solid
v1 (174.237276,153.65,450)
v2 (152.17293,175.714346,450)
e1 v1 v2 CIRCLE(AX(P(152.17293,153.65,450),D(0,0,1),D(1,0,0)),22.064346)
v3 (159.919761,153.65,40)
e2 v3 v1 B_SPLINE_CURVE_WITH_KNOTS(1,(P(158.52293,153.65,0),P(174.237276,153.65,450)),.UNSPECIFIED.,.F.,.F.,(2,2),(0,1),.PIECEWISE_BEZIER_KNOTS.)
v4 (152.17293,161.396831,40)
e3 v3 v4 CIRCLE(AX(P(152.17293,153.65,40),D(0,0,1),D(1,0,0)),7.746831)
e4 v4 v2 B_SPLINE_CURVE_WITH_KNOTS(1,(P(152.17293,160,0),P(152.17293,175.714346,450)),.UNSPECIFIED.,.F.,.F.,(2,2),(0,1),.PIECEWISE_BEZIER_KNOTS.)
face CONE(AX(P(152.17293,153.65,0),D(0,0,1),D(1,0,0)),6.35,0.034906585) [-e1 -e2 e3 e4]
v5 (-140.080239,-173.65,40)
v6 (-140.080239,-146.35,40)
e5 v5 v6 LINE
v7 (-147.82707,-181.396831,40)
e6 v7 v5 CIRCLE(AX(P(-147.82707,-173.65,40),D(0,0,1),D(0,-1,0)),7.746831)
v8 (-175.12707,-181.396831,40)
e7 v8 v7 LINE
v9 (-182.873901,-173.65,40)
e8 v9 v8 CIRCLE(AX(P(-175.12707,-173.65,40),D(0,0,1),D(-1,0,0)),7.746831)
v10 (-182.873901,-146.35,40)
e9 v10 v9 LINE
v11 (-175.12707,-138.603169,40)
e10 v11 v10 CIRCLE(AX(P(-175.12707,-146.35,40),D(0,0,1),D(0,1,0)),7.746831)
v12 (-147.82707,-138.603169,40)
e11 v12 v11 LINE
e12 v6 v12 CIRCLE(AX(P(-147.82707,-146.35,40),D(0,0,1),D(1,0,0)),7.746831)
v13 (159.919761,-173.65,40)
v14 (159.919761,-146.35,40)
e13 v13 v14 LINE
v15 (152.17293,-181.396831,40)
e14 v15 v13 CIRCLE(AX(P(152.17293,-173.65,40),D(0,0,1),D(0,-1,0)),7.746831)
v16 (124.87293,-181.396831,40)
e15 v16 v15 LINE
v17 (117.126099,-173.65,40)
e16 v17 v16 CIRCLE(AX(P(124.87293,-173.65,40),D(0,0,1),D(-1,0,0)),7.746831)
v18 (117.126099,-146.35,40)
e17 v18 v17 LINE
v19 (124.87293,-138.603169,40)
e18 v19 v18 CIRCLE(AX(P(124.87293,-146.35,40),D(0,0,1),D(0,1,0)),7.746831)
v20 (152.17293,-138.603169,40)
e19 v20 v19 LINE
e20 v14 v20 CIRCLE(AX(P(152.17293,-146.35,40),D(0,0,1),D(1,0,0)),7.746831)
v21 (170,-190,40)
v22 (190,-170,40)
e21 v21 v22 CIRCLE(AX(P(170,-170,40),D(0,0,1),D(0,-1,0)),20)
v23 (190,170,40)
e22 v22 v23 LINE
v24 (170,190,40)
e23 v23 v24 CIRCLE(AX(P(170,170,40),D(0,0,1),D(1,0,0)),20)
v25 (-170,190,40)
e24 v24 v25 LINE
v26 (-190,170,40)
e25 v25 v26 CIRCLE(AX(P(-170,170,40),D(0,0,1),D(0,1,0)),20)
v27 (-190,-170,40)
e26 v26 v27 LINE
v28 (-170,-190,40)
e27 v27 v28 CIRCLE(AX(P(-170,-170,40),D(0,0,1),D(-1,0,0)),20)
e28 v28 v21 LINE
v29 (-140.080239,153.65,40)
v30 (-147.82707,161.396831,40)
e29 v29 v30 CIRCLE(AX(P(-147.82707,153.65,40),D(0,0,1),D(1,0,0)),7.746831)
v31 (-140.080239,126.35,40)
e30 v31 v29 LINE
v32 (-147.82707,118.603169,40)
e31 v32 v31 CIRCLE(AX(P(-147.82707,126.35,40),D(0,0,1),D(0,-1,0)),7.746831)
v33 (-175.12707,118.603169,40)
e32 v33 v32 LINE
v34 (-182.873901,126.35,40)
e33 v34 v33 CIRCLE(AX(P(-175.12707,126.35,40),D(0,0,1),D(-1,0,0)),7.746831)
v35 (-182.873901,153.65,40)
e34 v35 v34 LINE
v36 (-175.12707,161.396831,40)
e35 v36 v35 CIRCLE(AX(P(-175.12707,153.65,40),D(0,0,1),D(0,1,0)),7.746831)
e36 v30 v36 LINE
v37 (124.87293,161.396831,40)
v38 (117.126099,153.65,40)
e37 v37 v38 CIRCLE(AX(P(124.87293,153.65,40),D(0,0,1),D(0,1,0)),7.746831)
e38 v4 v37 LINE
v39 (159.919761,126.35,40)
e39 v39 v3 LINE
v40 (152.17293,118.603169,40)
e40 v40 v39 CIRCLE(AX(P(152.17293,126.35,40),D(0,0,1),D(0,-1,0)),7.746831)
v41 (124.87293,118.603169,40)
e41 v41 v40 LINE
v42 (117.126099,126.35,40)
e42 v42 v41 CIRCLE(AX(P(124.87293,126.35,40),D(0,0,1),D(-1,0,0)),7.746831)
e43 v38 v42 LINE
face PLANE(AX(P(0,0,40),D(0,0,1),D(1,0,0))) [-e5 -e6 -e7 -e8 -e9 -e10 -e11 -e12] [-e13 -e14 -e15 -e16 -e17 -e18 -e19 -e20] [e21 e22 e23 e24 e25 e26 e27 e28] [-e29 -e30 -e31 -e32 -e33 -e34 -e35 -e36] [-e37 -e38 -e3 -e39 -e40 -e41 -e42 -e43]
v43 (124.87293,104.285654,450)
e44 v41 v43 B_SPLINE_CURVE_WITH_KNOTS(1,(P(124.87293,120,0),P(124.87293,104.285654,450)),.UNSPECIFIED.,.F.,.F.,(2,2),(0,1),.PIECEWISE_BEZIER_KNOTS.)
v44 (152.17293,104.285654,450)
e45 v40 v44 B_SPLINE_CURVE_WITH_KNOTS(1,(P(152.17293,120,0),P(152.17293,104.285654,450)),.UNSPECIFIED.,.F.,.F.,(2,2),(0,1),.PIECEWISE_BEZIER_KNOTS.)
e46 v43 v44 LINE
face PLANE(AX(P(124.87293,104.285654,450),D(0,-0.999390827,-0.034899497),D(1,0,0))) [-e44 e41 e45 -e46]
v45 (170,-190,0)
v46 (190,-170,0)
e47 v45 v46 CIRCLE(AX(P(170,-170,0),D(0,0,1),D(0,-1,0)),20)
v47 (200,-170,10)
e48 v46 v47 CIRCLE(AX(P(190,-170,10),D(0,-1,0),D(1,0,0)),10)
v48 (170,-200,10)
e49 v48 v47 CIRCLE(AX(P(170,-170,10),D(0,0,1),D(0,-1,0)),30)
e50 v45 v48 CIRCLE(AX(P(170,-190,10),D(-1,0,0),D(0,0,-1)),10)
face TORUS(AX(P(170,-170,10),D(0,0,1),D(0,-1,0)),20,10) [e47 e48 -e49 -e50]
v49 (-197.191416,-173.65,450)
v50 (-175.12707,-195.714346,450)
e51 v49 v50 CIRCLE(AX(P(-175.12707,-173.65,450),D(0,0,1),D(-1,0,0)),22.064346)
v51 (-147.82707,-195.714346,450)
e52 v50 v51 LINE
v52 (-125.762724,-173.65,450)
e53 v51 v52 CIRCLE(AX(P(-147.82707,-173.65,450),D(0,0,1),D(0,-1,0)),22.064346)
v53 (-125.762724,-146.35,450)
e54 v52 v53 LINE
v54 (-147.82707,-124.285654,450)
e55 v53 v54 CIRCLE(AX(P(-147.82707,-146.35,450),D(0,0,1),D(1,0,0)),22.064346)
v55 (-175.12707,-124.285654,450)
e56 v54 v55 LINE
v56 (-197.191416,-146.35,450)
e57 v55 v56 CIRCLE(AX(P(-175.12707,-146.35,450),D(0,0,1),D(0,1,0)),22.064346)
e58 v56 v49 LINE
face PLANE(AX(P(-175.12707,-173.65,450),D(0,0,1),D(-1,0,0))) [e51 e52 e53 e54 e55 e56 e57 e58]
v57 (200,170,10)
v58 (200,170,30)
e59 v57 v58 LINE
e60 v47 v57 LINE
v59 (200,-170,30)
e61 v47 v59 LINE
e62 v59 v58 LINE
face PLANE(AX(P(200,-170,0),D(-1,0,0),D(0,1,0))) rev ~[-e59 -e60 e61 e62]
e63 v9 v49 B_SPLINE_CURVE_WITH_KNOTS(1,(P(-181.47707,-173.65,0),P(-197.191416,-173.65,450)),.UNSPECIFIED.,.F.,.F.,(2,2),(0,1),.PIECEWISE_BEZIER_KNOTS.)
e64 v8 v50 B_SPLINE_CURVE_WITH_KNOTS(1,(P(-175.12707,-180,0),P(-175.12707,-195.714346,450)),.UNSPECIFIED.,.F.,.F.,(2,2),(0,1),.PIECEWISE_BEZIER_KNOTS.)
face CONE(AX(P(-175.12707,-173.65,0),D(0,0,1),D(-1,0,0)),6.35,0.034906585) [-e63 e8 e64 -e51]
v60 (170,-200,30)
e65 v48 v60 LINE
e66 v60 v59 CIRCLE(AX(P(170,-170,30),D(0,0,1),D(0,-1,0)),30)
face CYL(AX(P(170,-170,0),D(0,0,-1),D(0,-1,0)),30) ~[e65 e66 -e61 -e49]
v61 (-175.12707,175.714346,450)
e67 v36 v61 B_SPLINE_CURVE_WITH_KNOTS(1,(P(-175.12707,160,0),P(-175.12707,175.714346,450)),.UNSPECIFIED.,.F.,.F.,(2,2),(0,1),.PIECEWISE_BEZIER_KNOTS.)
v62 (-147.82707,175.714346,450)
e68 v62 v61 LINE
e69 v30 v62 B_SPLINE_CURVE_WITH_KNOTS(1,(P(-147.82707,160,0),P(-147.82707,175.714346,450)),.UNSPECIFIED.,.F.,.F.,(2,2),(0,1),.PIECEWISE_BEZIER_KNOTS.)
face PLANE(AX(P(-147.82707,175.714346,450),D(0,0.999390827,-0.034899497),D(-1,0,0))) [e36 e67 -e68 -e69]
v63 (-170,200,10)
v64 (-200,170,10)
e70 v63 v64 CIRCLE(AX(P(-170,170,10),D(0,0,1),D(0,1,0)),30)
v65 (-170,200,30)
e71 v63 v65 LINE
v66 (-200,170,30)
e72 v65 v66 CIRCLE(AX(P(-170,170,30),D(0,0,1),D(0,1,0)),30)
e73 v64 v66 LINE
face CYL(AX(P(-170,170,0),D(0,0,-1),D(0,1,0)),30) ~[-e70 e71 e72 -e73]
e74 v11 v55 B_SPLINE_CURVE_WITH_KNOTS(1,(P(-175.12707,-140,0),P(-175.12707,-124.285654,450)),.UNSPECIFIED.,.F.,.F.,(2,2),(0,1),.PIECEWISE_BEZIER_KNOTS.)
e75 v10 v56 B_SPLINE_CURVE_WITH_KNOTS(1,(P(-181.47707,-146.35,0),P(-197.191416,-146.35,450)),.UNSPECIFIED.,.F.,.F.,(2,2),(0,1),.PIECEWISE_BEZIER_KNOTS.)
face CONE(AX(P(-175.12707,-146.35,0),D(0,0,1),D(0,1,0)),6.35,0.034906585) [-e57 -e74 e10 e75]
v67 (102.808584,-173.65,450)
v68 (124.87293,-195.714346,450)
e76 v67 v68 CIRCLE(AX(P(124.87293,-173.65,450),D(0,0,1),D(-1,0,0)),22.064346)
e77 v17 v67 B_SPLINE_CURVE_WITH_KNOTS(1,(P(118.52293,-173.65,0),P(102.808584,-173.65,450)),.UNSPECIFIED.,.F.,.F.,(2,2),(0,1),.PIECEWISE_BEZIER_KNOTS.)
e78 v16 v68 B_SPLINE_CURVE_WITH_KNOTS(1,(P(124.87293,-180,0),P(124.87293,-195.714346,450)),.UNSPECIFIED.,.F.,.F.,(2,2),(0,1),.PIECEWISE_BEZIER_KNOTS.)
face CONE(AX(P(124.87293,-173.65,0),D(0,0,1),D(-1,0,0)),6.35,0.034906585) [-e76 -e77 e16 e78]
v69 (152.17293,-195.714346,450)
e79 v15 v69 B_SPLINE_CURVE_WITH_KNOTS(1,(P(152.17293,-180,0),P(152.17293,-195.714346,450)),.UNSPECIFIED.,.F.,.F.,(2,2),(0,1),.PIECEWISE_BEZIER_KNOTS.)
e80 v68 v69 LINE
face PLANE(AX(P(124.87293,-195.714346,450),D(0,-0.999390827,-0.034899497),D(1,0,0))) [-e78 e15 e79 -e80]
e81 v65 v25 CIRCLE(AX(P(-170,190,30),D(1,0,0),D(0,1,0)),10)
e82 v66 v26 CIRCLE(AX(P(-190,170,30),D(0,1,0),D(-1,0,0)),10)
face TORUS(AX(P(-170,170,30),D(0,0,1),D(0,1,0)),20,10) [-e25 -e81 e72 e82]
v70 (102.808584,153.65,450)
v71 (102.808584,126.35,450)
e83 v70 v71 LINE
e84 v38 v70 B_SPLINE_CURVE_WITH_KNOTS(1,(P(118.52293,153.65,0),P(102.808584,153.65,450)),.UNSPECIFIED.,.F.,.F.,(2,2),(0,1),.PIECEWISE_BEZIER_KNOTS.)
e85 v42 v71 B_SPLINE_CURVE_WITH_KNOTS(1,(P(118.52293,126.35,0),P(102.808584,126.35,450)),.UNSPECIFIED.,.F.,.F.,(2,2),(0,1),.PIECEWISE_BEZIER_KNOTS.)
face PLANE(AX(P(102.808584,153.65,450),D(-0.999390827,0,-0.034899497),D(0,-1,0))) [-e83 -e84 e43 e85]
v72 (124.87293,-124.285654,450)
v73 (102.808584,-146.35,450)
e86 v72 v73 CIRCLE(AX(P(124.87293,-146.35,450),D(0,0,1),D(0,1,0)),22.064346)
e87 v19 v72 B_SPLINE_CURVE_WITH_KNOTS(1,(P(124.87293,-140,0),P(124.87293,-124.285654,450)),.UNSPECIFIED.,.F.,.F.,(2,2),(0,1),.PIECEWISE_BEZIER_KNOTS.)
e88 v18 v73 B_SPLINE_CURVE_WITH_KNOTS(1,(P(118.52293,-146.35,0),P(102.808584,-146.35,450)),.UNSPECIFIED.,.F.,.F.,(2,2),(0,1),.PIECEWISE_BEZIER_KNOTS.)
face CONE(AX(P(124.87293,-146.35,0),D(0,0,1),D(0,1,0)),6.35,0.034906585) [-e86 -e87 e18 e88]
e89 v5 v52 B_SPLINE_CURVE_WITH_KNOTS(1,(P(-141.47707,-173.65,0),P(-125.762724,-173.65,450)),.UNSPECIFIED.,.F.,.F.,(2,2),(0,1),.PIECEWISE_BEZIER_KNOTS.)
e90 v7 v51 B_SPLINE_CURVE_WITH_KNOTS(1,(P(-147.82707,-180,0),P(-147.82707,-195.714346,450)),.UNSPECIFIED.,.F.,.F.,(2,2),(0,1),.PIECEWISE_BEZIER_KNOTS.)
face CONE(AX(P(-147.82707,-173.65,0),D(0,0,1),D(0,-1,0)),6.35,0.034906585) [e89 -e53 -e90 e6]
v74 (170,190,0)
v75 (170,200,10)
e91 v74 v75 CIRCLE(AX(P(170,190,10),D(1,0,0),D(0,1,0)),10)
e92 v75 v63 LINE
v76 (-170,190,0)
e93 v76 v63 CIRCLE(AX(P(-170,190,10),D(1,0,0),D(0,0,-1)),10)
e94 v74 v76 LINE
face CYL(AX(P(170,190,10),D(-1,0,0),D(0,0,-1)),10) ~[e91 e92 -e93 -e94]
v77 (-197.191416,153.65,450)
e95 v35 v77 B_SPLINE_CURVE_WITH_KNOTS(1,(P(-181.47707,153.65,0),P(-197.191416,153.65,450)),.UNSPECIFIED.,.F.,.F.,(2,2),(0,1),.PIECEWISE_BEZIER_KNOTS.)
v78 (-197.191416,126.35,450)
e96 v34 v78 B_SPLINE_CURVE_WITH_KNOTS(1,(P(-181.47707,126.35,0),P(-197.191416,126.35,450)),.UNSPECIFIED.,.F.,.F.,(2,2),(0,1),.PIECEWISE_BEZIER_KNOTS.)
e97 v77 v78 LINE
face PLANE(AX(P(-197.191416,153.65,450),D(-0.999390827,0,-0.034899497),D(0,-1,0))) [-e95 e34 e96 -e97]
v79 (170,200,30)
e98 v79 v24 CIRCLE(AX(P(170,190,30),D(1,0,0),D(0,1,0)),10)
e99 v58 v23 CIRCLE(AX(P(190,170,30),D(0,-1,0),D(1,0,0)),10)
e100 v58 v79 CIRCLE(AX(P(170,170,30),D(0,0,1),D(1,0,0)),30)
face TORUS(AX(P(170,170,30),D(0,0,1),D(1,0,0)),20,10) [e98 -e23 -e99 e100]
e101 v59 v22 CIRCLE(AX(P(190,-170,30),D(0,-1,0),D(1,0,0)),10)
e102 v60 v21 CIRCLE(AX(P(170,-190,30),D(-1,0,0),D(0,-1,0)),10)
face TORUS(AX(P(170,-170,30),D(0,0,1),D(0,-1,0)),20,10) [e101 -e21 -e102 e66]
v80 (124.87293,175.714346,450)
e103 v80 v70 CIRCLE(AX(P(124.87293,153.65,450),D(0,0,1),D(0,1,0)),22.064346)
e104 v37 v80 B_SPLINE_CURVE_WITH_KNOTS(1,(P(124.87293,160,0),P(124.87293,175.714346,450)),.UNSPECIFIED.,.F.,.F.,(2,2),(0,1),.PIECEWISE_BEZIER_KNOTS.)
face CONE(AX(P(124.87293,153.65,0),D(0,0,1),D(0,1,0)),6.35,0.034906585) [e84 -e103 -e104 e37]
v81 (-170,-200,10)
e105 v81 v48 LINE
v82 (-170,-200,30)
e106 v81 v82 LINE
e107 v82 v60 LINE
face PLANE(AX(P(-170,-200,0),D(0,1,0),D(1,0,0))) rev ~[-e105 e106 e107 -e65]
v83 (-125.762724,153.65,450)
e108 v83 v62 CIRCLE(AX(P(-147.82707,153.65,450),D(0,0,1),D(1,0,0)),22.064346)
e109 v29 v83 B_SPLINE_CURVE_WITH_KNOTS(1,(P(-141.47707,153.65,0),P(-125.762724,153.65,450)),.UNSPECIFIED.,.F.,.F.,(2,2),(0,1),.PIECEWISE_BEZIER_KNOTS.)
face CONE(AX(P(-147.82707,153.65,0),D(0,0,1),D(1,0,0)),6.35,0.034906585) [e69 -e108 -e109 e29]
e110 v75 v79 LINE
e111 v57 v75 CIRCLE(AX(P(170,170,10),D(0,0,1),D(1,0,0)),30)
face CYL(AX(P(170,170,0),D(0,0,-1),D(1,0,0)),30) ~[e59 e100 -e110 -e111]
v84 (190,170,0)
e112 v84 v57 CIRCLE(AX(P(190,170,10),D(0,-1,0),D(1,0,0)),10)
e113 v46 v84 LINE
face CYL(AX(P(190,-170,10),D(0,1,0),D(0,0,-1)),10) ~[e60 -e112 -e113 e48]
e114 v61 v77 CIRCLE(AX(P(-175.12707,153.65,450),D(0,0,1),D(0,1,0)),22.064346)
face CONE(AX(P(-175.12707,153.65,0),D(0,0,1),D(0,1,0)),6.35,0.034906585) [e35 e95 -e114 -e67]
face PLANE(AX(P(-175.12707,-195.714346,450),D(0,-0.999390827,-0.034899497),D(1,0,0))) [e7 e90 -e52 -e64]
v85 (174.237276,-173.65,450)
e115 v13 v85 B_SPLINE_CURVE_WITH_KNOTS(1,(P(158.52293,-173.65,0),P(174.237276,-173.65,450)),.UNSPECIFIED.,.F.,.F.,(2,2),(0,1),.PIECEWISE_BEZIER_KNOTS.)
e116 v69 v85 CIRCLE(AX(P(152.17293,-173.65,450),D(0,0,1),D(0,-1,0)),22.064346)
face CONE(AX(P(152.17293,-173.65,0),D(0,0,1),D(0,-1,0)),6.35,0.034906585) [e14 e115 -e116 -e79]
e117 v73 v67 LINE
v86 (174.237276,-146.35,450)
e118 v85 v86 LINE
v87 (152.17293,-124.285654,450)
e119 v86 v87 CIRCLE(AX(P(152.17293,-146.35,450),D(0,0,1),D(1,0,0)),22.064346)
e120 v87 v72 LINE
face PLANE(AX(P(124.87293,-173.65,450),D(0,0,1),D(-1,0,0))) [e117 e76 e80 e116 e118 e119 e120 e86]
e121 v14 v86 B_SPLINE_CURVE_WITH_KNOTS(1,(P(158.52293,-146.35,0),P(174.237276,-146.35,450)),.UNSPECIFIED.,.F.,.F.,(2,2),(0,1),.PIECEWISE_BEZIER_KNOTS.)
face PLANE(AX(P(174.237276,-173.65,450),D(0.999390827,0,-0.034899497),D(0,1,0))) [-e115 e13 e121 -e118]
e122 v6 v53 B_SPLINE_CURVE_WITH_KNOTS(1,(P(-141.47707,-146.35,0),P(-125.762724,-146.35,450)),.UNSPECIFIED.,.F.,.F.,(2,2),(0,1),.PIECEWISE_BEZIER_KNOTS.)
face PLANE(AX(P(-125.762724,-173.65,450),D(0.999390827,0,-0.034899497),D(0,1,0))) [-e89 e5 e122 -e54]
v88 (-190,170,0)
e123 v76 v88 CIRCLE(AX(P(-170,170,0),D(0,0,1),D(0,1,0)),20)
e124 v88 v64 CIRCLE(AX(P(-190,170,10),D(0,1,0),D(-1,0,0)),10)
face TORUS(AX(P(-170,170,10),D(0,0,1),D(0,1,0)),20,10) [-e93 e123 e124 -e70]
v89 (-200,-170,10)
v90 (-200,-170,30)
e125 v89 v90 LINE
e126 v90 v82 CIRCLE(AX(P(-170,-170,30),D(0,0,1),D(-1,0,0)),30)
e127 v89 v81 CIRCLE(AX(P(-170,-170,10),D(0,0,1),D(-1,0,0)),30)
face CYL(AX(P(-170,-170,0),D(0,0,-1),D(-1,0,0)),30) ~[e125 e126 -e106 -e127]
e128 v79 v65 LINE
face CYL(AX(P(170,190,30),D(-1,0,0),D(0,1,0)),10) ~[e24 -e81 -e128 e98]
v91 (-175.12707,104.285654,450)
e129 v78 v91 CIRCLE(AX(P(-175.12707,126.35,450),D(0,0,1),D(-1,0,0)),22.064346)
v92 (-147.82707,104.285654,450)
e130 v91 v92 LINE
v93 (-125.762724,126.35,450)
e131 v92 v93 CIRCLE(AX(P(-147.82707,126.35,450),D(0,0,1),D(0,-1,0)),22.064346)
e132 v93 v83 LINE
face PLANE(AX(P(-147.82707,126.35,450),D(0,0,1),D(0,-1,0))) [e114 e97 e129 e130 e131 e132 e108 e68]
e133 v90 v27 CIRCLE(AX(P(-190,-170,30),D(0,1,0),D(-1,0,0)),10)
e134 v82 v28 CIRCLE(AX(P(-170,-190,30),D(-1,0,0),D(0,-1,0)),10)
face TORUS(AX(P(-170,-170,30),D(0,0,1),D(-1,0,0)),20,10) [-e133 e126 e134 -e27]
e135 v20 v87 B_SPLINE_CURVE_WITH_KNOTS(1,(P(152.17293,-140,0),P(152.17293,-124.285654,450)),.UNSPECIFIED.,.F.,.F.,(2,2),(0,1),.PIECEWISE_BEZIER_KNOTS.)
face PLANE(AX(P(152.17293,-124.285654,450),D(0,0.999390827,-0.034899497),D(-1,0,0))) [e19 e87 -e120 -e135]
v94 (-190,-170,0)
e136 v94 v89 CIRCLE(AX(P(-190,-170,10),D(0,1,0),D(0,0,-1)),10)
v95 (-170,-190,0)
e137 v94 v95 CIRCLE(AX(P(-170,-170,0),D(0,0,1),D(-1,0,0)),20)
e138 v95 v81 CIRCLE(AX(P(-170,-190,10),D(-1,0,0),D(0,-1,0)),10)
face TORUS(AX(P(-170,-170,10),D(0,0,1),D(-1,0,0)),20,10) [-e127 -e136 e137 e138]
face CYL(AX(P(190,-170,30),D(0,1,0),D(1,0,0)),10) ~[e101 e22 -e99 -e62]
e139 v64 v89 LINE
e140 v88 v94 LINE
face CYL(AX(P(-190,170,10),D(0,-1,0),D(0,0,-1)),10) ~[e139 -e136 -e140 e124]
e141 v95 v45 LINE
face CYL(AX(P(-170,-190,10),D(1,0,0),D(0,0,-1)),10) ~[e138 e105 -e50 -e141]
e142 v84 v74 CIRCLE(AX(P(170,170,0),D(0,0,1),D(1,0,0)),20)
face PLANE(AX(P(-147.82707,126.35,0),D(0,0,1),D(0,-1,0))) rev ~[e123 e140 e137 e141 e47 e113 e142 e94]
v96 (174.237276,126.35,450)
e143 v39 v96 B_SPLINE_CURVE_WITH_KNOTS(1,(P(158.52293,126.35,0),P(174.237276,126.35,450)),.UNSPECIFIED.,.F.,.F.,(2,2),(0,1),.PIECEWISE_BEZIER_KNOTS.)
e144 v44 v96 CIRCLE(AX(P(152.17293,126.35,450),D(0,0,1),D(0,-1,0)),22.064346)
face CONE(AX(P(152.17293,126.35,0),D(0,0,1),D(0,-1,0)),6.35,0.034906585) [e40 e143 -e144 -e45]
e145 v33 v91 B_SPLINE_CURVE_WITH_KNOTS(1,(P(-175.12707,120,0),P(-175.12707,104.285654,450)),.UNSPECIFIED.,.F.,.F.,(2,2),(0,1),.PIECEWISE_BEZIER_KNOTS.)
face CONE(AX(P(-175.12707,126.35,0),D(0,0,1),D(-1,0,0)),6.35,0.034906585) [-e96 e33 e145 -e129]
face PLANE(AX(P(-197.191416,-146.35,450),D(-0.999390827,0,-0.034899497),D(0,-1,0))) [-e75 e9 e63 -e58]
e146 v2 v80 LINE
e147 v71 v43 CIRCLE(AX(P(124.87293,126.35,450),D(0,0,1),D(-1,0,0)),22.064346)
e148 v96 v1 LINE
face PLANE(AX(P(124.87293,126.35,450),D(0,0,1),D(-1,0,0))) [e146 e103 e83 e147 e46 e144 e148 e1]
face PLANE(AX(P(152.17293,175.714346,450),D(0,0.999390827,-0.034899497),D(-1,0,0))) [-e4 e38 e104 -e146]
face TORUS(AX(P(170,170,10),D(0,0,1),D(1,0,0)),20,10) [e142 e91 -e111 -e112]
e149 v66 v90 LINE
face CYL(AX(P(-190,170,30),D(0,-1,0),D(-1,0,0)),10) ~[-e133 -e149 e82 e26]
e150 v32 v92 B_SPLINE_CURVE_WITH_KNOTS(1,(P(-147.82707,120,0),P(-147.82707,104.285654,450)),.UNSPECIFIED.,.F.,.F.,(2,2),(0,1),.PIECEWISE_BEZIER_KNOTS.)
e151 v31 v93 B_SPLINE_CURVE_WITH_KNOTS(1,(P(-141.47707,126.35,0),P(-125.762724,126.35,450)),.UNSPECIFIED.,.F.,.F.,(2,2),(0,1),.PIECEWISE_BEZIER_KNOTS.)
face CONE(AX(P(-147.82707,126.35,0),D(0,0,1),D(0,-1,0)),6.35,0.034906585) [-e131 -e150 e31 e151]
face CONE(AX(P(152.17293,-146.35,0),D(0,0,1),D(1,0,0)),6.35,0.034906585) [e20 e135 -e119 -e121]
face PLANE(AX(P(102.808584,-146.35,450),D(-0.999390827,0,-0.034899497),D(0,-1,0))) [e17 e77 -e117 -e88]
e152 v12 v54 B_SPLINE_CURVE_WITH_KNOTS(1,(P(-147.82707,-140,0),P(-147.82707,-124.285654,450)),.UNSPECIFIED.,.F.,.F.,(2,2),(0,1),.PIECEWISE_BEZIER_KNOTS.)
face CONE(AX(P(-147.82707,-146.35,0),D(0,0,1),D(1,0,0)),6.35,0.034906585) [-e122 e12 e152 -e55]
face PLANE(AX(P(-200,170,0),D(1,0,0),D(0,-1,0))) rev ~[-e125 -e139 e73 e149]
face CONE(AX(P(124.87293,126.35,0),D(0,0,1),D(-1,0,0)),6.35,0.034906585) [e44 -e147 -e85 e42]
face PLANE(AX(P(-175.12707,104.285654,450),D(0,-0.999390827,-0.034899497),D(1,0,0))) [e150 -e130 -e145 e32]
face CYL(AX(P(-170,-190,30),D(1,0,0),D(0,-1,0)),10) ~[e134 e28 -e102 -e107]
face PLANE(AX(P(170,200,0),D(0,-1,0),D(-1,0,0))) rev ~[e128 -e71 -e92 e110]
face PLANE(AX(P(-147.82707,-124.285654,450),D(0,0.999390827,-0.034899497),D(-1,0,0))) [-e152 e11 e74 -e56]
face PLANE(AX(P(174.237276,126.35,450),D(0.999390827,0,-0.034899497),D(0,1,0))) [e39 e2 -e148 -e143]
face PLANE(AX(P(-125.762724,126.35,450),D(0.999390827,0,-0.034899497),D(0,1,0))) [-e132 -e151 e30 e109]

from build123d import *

# Parameters (mm, degrees)
F2_DEPTH = 40
F3_DEPTH = 450
F3_TAPER = -2
F4_R     = 10


with BuildPart() as f2:
    # F0 (on Top) → F2 (new body)
    with BuildSketch(Plane.XY):
        with BuildLine():
            ThreePointArc((200, 170), (191.2132034356, 191.2132034356), (170, 200))
            Line((170, 200), (-170, 200))
            ThreePointArc((-170, 200), (-191.2132034356, 191.2132034356), (-200, 170))
            Line((-200, 170), (-200, -170))
            ThreePointArc((-200, -170), (-191.2132034356, -191.2132034356), (-170, -200))
            Line((-170, -200), (170, -200))
            ThreePointArc((170, -200), (191.2132034356, -191.2132034356), (200, -170))
            Line((200, -170), (200, 170))
        make_face()
    extrude(amount=F2_DEPTH)

    # F1 (on face) → F3 (join)
    with BuildSketch(Plane.XY):
        with BuildLine():
            Line((-175.1270698547, 120), (-147.8270698547, 120))
            ThreePointArc((-147.8270698547, 120), (-143.3369417942, 121.8598719395), (-141.4770698547, 126.35))
            Line((-141.4770698547, 126.35), (-141.4770698547, 153.65))
            ThreePointArc((-141.4770698547, 153.65), (-143.3369417942, 158.1401280605), (-147.8270698547, 160))
            Line((-147.8270698547, 160), (-175.1270698547, 160))
            ThreePointArc((-175.1270698547, 160), (-179.6171979153, 158.1401280605), (-181.4770698547, 153.65))
            Line((-181.4770698547, 153.65), (-181.4770698547, 126.35))
            ThreePointArc((-181.4770698547, 126.35), (-179.6171979153, 121.8598719395), (-175.1270698547, 120))
        make_face()
        with BuildLine():
            Line((-181.4770698547, -146.35), (-181.4770698547, -173.65))
            ThreePointArc((-181.4770698547, -173.65), (-179.6171979153, -178.1401280605), (-175.1270698547, -180))
            Line((-175.1270698547, -180), (-147.8270698547, -180))
            ThreePointArc((-147.8270698547, -180), (-143.3369417942, -178.1401280605), (-141.4770698547, -173.65))
            Line((-141.4770698547, -173.65), (-141.4770698547, -146.35))
            ThreePointArc((-141.4770698547, -146.35), (-143.3369417942, -141.8598719395), (-147.8270698547, -140))
            Line((-147.8270698547, -140), (-175.1270698547, -140))
            ThreePointArc((-175.1270698547, -140), (-179.6171979153, -141.8598719395), (-181.4770698547, -146.35))
        make_face()
        with BuildLine():
            Line((118.5229301453, 153.65), (118.5229301453, 126.35))
            ThreePointArc((118.5229301453, 126.35), (120.3828020847, 121.8598719395), (124.8729301453, 120))
            Line((124.8729301453, 120), (152.1729301453, 120))
            ThreePointArc((152.1729301453, 120), (156.6630582058, 121.8598719395), (158.5229301453, 126.35))
            Line((158.5229301453, 126.35), (158.5229301453, 153.65))
            ThreePointArc((158.5229301453, 153.65), (156.6630582058, 158.1401280605), (152.1729301453, 160))
            Line((152.1729301453, 160), (124.8729301453, 160))
            ThreePointArc((124.8729301453, 160), (120.3828020847, 158.1401280605), (118.5229301453, 153.65))
        make_face()
        with BuildLine():
            Line((118.5229301453, -146.35), (118.5229301453, -173.65))
            ThreePointArc((118.5229301453, -173.65), (120.3828020847, -178.1401280605), (124.8729301453, -180))
            Line((124.8729301453, -180), (152.1729301453, -180))
            ThreePointArc((152.1729301453, -180), (156.6630582058, -178.1401280605), (158.5229301453, -173.65))
            Line((158.5229301453, -173.65), (158.5229301453, -146.35))
            ThreePointArc((158.5229301453, -146.35), (156.6630582058, -141.8598719395), (152.1729301453, -140))
            Line((152.1729301453, -140), (124.8729301453, -140))
            ThreePointArc((124.8729301453, -140), (120.3828020847, -141.8598719395), (118.5229301453, -146.35))
        make_face()
    extrude(amount=F3_DEPTH, taper=F3_TAPER)

    # F4
    f4_edges = [f2.edges().sort_by_distance(p)[0] for p in [
        (200, 170, 20),
        (170, 200, 20),
        (191.213203, 191.213203, 0),
        (191.213203, 191.213203, 40),
    ]]
    fillet(f4_edges, radius=F4_R)


solid = f2.part
